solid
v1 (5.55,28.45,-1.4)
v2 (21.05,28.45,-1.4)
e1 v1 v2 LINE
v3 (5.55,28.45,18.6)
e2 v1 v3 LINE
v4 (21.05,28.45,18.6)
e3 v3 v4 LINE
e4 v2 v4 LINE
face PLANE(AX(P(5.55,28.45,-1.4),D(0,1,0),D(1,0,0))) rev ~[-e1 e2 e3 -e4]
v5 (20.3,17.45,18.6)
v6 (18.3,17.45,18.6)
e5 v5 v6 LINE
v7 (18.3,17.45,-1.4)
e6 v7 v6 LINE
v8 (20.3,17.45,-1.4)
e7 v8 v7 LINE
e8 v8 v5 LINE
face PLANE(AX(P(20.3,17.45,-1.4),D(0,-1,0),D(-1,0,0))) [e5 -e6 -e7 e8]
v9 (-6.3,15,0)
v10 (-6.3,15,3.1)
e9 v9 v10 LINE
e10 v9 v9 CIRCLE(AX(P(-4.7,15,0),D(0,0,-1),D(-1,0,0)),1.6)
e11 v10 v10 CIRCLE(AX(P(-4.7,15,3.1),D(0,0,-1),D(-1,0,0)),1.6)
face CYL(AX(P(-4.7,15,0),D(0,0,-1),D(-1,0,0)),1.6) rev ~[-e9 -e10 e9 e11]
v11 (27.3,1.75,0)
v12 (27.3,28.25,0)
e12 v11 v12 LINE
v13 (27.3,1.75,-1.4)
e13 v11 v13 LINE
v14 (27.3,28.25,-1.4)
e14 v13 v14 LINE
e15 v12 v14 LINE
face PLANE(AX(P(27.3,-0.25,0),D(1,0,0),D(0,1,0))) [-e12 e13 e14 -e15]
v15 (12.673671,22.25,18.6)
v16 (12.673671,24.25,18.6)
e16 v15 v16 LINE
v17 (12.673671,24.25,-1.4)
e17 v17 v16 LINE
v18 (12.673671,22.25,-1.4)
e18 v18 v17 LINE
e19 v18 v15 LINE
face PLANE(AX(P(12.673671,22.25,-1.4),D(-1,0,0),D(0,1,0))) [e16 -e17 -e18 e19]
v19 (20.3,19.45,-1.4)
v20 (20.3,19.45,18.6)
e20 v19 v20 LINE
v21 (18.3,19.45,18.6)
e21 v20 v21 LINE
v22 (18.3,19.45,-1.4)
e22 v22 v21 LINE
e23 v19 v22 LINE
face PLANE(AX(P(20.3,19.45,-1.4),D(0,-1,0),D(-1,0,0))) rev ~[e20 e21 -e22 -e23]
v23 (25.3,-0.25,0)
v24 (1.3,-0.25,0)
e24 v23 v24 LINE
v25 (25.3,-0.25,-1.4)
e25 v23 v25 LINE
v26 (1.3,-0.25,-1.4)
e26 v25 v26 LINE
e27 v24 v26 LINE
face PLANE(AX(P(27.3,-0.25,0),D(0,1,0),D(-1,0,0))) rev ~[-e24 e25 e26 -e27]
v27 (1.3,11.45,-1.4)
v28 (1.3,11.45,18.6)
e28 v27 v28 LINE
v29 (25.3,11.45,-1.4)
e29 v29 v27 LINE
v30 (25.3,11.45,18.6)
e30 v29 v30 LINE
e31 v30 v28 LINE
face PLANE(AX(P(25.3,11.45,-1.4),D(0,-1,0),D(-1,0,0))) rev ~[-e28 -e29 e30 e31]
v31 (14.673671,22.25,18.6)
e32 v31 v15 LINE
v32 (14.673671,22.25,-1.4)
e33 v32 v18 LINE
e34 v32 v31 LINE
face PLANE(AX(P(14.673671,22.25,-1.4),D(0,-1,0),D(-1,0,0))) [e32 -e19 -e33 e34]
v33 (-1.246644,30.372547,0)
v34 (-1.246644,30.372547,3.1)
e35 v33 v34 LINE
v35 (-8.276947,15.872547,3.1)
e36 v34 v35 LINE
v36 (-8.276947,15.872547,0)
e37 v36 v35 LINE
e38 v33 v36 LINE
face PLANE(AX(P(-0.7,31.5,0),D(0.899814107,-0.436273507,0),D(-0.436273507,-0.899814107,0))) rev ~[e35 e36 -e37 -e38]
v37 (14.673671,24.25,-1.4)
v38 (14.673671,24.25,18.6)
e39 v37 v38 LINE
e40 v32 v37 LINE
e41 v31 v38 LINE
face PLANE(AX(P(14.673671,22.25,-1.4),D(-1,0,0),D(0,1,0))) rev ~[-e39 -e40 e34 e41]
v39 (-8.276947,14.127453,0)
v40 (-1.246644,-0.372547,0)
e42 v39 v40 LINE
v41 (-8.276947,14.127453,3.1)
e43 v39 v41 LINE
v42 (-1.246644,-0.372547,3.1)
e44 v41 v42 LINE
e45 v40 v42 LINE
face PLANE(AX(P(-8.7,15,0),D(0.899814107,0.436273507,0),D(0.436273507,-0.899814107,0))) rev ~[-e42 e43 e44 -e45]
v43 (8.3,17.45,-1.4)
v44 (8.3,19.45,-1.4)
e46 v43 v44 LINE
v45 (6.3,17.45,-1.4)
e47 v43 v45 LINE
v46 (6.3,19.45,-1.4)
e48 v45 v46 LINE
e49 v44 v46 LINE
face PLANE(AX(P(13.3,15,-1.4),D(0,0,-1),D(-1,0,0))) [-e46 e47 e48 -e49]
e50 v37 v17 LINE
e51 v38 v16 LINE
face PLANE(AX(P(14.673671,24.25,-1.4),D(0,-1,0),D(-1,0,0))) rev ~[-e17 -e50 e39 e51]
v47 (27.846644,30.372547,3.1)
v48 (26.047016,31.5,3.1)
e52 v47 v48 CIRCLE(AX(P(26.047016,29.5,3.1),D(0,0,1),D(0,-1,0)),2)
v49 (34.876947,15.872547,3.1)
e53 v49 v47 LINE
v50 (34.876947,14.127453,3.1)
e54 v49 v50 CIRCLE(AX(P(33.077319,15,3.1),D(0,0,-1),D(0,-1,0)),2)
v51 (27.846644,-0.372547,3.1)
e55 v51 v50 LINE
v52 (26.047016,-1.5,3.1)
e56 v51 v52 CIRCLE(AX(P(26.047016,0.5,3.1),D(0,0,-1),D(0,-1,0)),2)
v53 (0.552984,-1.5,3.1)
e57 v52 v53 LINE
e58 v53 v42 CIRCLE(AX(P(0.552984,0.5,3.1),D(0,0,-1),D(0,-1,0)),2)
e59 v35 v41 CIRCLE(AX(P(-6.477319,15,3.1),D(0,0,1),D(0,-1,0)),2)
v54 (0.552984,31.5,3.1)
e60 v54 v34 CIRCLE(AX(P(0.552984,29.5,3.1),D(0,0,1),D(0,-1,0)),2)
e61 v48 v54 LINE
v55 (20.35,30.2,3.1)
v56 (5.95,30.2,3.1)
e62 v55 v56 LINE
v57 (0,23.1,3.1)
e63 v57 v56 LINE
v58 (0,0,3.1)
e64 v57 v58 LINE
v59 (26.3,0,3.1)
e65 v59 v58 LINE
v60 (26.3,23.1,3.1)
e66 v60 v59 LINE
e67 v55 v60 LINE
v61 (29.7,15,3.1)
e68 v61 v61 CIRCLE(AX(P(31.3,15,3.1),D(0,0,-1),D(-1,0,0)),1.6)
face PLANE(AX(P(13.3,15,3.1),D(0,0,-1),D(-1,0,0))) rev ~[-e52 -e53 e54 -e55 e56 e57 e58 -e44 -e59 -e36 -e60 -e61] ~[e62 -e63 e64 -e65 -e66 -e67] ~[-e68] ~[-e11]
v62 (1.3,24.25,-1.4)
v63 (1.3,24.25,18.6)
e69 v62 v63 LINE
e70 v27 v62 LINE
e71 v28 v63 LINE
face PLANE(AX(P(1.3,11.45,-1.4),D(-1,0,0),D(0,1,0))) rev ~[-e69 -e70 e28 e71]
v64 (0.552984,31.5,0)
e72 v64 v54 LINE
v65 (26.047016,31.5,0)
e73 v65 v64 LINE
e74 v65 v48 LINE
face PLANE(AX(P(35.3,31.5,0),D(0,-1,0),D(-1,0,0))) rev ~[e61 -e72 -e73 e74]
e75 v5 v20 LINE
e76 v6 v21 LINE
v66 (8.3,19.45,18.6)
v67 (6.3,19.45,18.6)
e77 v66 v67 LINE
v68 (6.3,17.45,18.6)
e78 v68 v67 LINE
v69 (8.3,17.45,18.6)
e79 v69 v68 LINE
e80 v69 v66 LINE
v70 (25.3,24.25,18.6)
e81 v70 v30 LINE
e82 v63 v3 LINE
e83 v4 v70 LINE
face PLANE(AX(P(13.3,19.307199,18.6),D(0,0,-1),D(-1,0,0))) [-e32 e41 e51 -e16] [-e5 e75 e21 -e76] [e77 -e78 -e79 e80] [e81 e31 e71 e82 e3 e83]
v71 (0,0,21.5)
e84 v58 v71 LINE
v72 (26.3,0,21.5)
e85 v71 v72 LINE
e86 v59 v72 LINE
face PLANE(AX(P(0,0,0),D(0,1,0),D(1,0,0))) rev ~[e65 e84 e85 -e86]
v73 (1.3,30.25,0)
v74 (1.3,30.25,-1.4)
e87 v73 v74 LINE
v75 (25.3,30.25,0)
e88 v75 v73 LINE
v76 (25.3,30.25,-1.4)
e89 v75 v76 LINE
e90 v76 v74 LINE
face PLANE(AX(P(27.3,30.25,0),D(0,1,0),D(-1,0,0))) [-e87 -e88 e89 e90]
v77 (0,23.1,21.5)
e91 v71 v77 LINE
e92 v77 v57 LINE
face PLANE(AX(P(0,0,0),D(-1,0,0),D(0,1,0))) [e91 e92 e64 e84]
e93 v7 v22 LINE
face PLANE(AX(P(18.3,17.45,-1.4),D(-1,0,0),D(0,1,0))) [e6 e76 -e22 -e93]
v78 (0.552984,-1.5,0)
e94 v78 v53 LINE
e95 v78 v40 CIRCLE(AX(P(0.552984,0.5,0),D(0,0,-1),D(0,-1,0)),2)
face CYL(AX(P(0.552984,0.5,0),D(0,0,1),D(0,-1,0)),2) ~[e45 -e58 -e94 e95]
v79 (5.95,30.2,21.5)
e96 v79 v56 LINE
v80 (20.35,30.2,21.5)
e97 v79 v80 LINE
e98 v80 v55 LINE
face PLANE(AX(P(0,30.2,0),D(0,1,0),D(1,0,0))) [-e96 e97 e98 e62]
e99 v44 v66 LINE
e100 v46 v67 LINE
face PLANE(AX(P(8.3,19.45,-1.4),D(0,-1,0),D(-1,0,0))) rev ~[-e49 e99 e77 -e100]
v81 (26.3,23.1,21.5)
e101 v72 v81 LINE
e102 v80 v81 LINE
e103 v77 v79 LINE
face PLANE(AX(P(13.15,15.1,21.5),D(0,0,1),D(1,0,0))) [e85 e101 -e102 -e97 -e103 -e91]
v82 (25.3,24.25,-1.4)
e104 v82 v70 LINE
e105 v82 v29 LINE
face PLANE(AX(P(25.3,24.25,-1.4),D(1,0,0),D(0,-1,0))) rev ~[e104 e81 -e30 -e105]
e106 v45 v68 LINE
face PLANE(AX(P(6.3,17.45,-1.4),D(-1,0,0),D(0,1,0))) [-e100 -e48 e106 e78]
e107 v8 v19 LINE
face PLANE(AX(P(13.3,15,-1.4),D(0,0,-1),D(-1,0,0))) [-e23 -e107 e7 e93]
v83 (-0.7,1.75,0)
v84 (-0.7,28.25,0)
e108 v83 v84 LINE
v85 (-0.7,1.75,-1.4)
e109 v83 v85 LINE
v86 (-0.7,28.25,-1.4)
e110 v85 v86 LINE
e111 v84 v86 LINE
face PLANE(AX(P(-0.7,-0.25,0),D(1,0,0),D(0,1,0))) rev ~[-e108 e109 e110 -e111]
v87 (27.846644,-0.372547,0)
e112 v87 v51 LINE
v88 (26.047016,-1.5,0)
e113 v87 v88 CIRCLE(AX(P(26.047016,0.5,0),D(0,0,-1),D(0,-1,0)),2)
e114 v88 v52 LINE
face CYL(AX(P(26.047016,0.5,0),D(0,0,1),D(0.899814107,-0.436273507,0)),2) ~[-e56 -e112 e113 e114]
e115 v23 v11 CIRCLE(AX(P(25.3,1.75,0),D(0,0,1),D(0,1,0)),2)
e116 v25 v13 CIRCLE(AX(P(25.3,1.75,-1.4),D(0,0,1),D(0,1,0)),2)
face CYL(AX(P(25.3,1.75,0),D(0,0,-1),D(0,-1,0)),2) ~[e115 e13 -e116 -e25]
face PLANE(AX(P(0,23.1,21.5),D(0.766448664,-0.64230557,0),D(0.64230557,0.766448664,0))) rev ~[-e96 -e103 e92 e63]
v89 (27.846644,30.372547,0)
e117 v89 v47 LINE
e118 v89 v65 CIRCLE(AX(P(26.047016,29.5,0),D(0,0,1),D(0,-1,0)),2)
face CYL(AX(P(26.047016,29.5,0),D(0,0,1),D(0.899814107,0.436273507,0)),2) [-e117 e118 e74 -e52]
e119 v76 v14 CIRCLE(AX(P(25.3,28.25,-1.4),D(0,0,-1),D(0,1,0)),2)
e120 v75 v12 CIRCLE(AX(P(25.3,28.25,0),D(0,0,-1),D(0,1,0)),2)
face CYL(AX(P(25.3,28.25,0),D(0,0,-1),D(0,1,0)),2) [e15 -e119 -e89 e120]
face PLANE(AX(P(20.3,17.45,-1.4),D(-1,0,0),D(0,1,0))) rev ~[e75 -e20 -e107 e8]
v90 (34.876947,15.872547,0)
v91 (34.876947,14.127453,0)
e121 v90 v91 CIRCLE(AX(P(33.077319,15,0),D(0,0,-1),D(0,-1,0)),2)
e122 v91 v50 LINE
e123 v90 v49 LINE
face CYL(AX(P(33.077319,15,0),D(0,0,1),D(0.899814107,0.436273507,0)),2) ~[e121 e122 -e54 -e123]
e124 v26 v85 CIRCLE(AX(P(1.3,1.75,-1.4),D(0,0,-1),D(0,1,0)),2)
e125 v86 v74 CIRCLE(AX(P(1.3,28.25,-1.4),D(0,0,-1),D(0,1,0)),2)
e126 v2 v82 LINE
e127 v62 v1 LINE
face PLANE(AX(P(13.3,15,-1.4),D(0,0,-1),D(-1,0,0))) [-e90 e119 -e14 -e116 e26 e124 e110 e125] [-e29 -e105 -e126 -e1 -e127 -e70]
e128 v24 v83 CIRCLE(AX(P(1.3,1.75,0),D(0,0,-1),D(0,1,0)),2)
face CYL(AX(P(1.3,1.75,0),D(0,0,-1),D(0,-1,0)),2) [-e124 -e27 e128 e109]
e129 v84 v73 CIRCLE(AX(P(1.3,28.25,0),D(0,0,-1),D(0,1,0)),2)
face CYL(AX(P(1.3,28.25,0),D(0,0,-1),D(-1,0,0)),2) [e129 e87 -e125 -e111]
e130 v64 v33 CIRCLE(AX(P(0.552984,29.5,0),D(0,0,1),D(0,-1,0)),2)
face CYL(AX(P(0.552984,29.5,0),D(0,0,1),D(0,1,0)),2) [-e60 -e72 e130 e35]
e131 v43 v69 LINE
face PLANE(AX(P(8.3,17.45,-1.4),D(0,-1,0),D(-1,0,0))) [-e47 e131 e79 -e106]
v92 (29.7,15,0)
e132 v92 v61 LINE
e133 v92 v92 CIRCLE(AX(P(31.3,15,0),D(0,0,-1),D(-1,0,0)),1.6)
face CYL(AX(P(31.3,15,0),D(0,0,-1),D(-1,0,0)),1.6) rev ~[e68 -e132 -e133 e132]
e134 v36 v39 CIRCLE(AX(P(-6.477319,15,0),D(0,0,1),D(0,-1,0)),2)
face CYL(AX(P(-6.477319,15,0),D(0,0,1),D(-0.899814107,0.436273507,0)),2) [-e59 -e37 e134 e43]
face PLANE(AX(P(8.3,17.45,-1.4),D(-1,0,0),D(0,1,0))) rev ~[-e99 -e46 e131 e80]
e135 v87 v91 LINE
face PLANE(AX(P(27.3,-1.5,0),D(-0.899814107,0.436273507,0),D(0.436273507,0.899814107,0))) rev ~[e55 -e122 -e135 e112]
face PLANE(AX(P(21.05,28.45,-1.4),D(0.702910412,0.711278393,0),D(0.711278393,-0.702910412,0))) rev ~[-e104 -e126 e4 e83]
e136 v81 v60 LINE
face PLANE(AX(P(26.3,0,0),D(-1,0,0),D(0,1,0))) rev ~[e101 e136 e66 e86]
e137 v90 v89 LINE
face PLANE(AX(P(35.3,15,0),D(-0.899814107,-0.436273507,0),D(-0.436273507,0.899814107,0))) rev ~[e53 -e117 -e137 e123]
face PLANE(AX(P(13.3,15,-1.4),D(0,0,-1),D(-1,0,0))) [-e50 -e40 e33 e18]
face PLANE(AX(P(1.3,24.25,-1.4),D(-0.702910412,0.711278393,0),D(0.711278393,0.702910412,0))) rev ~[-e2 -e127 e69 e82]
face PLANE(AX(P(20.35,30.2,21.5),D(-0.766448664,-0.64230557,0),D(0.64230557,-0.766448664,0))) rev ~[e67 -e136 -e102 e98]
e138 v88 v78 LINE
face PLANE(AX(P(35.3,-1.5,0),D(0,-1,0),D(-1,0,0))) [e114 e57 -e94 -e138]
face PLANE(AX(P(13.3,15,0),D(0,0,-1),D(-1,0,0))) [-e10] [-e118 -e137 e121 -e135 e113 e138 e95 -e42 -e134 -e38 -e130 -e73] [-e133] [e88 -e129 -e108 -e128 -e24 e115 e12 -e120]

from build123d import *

# Parameters (mm, degrees)
SKETCH1_W           = 26.3
SKETCH1_H           = 30.2
BOSS_EXTRUDE1_DEPTH = 21.5
CUT_EXTRUDE1_DEPTH  = 26
SKETCH3_W           = 44
SKETCH3_H           = 33
BOSS_EXTRUDE2_DEPTH = 3.1
CUT_EXTRUDE2_DEPTH  = 3.1
FILLET1_R           = 2
SKETCH5_W           = 28
SKETCH5_H           = 30.5
BOSS_EXTRUDE3_DEPTH = 1.4
FILLET2_R           = 2
SKETCH6_W           = 2
SKETCH6_H           = 2
CUT_EXTRUDE3_DEPTH  = 20
SKETCH7_R           = 1.6
CUT_EXTRUDE4_DEPTH  = 20


with BuildPart() as part:
    # Sketch1 → Boss-Extrude1 (new body)
    with BuildSketch(Plane.XY):
        with Locations((13.15, 15.1)):
            Rectangle(SKETCH1_W, SKETCH1_H)
    extrude(amount=BOSS_EXTRUDE1_DEPTH)

    # Sketch2 → Cut-Extrude1 (cut)
    with BuildSketch(Plane.XY.offset(21.5)):
        Polygon((0, 30.2), (0, 23.1), (5.95, 30.2), align=None)
        Polygon((20.35, 30.2), (26.3, 23.1), (26.3, 30.2), align=None)
    extrude(amount=-CUT_EXTRUDE1_DEPTH, mode=Mode.SUBTRACT)

    # Sketch3 → Boss-Extrude2 (add)
    with BuildSketch(Plane(origin=(0, 0, 0), x_dir=(-1, 0, 0), z_dir=(0, 0, -1))):
        with Locations((-13.3, 15)):
            Rectangle(SKETCH3_W, SKETCH3_H)
    extrude(amount=-BOSS_EXTRUDE2_DEPTH)

    # Sketch4 → Cut-Extrude2 (cut)
    with BuildSketch(Plane(origin=(0, 0, 0), x_dir=(-1, 0, 0), z_dir=(0, 0, -1))):
        Polygon((-35.3, 15), (-27.3, 31.5), (-35.3, 31.5), align=None)
        Polygon((8.7, 31.5), (0.7, 31.5), (8.7, 15), align=None)
        Polygon((8.7, -1.5), (8.7, 15), (0.7, -1.5), align=None)
        Polygon((-27.3, -1.5), (-35.3, 15), (-35.3, -1.5), align=None)
    extrude(amount=-CUT_EXTRUDE2_DEPTH, mode=Mode.SUBTRACT)

    # Fillet1
    fillet1_edges = [part.edges().sort_by_distance(p)[0] for p in [
        (27.3, 31.5, 1.55),
        (35.3, 15, 1.55),
        (-0.7, 31.5, 1.55),
        (-8.7, 15, 1.55),
        (-0.7, -1.5, 1.55),
        (27.3, -1.5, 1.55),
    ]]
    fillet(fillet1_edges, radius=FILLET1_R)

    # Sketch5 → Boss-Extrude3 (add)
    with BuildSketch(Plane(origin=(0, 0, 0), x_dir=(-1, 0, 0), z_dir=(0, 0, -1))):
        with Locations((-13.3, 15)):
            Rectangle(SKETCH5_W, SKETCH5_H)
    extrude(amount=BOSS_EXTRUDE3_DEPTH)

    # Fillet2
    fillet2_edges = [part.edges().sort_by_distance(p)[0] for p in [
        (-0.7, -0.25, -0.7),
        (-0.7, 30.25, -0.7),
        (27.3, 30.25, -0.7),
        (27.3, -0.25, -0.7),
    ]]
    fillet(fillet2_edges, radius=FILLET2_R)

    # Sketch6 → Cut-Extrude3 (cut)
    with BuildSketch(Plane(origin=(0, 0, -1.4), x_dir=(-1, 0, 0), z_dir=(0, 0, -1))):
        Polygon((-25.3, 24.25), (-25.3, 11.45), (-1.3, 11.45), (-1.3, 24.25), (-5.55, 28.45), (-21.05, 28.45), align=None)
        with Locations((-19.3, 18.45)):
            Rectangle(SKETCH6_W, SKETCH6_H, mode=Mode.SUBTRACT)
        with Locations((-7.3, 18.45)):
            Rectangle(SKETCH6_W, SKETCH6_H, mode=Mode.SUBTRACT)
        with Locations((-13.673670814, 23.25)):
            Rectangle(SKETCH6_W, SKETCH6_H, mode=Mode.SUBTRACT)
    extrude(amount=-CUT_EXTRUDE3_DEPTH, mode=Mode.SUBTRACT)

    # Sketch7 → Cut-Extrude4 (cut)
    with BuildSketch(Plane(origin=(0, 0, 0), x_dir=(-1, 0, 0), z_dir=(0, 0, -1))):
        with Locations((-31.3, 15)):
            Circle(SKETCH7_R)
        with Locations((4.7, 15)):
            Circle(SKETCH7_R)
    extrude(amount=-CUT_EXTRUDE4_DEPTH, mode=Mode.SUBTRACT)


solid = part.part
